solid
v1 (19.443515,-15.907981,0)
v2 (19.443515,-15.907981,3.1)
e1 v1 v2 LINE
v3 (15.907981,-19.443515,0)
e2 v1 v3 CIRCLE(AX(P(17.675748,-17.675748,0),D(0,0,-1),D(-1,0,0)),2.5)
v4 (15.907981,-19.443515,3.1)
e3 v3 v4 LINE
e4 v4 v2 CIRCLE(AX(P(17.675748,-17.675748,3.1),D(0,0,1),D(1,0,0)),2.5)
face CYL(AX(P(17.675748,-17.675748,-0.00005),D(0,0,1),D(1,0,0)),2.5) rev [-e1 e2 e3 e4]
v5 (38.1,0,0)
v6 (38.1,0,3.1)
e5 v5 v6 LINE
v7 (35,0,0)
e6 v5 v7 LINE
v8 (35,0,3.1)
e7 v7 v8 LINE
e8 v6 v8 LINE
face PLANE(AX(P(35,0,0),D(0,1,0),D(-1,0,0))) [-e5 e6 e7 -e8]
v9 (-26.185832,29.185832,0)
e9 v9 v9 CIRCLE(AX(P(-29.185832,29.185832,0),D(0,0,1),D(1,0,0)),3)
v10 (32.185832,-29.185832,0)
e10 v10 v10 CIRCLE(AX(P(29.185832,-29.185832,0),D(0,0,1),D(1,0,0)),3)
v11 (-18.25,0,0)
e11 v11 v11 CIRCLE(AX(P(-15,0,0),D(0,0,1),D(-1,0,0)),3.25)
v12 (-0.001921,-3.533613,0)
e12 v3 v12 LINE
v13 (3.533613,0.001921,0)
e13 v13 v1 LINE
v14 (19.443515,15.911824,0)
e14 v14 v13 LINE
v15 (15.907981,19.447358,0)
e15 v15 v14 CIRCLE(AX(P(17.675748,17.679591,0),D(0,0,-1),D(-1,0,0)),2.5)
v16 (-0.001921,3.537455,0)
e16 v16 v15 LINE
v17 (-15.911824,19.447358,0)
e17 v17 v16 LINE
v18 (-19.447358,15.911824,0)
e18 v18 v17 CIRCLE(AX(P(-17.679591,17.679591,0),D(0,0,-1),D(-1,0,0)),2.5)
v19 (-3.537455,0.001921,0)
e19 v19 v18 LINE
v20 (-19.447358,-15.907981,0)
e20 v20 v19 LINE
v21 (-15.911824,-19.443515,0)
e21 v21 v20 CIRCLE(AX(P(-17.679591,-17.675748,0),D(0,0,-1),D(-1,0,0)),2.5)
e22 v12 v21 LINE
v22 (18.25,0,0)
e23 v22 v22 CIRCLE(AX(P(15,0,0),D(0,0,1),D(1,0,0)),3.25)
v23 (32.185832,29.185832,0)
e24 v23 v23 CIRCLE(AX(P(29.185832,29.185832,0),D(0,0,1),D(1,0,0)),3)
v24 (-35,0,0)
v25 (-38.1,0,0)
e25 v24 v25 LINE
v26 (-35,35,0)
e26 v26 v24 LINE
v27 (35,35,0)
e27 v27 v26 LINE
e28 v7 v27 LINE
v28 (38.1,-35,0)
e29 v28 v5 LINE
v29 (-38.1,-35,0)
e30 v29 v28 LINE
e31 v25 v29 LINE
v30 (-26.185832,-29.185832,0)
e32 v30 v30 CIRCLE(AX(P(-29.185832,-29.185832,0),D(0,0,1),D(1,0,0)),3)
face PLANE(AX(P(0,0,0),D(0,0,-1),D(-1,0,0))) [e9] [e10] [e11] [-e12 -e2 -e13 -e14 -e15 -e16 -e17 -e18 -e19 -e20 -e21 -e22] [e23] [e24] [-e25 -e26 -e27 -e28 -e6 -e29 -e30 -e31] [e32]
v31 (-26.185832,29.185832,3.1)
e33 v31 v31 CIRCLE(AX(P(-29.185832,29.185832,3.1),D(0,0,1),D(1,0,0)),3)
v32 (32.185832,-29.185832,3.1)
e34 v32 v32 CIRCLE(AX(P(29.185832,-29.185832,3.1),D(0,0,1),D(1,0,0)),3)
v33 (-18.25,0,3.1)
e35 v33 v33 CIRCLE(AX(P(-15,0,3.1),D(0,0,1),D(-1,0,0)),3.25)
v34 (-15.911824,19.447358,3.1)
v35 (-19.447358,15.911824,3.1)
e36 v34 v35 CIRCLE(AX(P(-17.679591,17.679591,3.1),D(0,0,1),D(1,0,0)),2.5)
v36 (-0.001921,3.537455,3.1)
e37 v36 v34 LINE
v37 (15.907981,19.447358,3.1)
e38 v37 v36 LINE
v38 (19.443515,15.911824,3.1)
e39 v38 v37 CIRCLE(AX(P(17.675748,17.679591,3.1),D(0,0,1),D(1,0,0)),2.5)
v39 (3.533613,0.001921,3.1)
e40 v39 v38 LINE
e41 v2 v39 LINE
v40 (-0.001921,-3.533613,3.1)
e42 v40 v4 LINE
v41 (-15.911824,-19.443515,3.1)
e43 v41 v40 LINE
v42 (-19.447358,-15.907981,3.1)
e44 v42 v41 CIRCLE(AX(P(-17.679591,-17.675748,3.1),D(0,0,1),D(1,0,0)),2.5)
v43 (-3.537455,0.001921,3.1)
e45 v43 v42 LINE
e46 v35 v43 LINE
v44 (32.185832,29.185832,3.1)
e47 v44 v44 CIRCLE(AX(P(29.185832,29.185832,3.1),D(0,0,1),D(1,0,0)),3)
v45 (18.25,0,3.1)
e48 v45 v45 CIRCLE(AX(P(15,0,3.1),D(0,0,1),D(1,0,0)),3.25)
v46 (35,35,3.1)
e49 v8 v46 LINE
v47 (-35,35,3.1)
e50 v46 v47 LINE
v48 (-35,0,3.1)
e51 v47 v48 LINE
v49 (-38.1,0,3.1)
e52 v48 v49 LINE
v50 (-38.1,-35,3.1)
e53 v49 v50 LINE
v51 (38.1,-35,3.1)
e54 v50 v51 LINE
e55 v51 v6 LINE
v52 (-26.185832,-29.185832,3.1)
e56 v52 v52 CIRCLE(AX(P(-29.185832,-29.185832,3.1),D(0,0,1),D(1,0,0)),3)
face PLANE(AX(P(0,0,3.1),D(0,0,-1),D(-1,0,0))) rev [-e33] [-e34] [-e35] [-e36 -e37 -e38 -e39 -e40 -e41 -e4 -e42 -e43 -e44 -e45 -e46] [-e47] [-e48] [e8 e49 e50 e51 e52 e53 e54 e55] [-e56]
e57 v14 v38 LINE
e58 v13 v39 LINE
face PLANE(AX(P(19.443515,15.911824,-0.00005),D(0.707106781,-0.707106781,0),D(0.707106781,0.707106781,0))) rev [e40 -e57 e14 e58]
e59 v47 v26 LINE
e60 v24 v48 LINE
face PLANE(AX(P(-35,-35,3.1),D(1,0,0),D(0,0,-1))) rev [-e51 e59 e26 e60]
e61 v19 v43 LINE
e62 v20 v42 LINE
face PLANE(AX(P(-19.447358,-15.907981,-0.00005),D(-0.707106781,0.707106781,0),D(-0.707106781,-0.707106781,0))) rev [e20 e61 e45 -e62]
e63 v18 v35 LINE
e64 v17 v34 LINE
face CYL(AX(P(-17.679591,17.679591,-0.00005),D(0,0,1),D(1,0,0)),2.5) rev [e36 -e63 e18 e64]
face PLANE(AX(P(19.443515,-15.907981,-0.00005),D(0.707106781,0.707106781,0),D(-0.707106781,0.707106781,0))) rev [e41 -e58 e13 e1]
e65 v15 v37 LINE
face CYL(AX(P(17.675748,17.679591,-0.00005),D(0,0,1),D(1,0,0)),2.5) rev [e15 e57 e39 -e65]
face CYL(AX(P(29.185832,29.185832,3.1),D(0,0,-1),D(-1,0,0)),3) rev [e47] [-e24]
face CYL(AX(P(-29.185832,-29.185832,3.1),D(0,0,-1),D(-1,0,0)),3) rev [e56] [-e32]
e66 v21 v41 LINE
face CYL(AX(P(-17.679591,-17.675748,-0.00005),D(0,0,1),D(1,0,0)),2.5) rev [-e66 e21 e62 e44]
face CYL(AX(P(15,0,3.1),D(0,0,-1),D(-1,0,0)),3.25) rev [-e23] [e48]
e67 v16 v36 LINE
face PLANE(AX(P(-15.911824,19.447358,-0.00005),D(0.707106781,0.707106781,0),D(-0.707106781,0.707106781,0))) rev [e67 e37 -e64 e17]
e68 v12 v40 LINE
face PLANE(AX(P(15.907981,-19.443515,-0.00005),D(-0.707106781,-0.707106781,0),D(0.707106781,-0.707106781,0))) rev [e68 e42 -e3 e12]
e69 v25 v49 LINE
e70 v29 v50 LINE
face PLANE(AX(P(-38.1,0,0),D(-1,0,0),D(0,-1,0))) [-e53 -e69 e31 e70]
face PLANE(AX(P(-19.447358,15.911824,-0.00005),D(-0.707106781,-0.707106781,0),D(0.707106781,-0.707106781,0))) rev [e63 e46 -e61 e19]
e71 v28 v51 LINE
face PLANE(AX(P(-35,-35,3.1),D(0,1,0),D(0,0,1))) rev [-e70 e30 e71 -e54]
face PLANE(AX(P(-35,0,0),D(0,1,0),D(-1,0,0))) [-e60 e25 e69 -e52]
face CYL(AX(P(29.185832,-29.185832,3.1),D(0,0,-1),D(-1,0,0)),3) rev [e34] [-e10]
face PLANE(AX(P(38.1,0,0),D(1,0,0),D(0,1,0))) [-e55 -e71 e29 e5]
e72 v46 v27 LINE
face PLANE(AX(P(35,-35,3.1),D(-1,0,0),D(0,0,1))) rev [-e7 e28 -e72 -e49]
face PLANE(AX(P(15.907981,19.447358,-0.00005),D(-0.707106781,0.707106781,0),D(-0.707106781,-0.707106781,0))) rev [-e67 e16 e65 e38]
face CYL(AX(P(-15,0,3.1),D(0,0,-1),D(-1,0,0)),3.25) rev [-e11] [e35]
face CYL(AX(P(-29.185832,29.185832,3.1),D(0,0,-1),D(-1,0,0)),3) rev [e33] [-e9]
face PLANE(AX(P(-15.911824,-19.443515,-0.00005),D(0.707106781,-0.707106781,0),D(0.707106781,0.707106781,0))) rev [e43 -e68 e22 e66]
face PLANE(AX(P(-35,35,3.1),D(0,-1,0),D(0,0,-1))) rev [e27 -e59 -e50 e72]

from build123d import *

# Parameters (mm, degrees)
SKETCH1_W           = 70
SKETCH1_H           = 70
SKETCH1_R           = 3
SKETCH1_R_2         = 3.25
BOSS_EXTRUDE1_DEPTH = 3.1
SKETCH2_W           = 3.1
SKETCH2_H           = 35
BOSS_EXTRUDE2_DEPTH = 3.1
CUT_EXTRUDE1_DEPTH  = 4.1


with BuildPart() as part:
    # Sketch1 → Boss-Extrude1 (new body)
    with BuildSketch(Plane.XY):
        Rectangle(SKETCH1_W, SKETCH1_H)
        with Locations((-29.185832393, 29.185832393)):
            Circle(SKETCH1_R, mode=Mode.SUBTRACT)
        with Locations((29.185832393, 29.185832393)):
            Circle(SKETCH1_R, mode=Mode.SUBTRACT)
        with Locations((29.185832393, -29.185832393)):
            Circle(SKETCH1_R, mode=Mode.SUBTRACT)
        with Locations((-29.185832393, -29.185832393)):
            Circle(SKETCH1_R, mode=Mode.SUBTRACT)
        with Locations((15, 0)):
            Circle(SKETCH1_R_2, mode=Mode.SUBTRACT)
        with Locations((-15, 0)):
            Circle(SKETCH1_R_2, mode=Mode.SUBTRACT)
    extrude(amount=BOSS_EXTRUDE1_DEPTH)

    # Sketch2 → Boss-Extrude2 (add, through all)
    with BuildSketch(Plane.XY.offset(3.1)):
        with Locations((36.55, -17.5)):
            Rectangle(SKETCH2_W, SKETCH2_H)
        with Locations((-36.55, -17.5)):
            Rectangle(SKETCH2_W, SKETCH2_H)
    extrude(amount=-BOSS_EXTRUDE2_DEPTH)

    # Sketch3 → Cut-Extrude1 (cut, through all)
    with BuildSketch(Plane.XY.offset(3.1)):
        with BuildLine():
            Line((-15.911823751, 19.447357657), (-0.001921175, 3.537455081))
            Line((-0.001921175, 3.537455081), (15.907981402, 19.447357657))
            ThreePointArc((15.907981402, 19.447357657), (19.443515308, 19.447357657), (19.443515308, 15.911823751))
            Line((19.443515308, 15.911823751), (3.533612731, 0.001921175))
            Line((3.533612731, 0.001921175), (19.443515308, -15.907981402))
            ThreePointArc((19.443515308, -15.907981402), (19.443515308, -19.443515308), (15.907981402, -19.443515308))
            Line((15.907981402, -19.443515308), (-0.001921175, -3.533612731))
            Line((-0.001921175, -3.533612731), (-15.911823751, -19.443515308))
            ThreePointArc((-15.911823751, -19.443515308), (-19.447357657, -19.443515308), (-19.447357657, -15.907981402))
            Line((-19.447357657, -15.907981402), (-3.537455081, 0.001921175))
            Line((-3.537455081, 0.001921175), (-19.447357657, 15.911823751))
            ThreePointArc((-19.447357657, 15.911823751), (-19.447357657, 19.447357657), (-15.911823751, 19.447357657))
        make_face()
    extrude(amount=-CUT_EXTRUDE1_DEPTH, mode=Mode.SUBTRACT)


solid = part.part
